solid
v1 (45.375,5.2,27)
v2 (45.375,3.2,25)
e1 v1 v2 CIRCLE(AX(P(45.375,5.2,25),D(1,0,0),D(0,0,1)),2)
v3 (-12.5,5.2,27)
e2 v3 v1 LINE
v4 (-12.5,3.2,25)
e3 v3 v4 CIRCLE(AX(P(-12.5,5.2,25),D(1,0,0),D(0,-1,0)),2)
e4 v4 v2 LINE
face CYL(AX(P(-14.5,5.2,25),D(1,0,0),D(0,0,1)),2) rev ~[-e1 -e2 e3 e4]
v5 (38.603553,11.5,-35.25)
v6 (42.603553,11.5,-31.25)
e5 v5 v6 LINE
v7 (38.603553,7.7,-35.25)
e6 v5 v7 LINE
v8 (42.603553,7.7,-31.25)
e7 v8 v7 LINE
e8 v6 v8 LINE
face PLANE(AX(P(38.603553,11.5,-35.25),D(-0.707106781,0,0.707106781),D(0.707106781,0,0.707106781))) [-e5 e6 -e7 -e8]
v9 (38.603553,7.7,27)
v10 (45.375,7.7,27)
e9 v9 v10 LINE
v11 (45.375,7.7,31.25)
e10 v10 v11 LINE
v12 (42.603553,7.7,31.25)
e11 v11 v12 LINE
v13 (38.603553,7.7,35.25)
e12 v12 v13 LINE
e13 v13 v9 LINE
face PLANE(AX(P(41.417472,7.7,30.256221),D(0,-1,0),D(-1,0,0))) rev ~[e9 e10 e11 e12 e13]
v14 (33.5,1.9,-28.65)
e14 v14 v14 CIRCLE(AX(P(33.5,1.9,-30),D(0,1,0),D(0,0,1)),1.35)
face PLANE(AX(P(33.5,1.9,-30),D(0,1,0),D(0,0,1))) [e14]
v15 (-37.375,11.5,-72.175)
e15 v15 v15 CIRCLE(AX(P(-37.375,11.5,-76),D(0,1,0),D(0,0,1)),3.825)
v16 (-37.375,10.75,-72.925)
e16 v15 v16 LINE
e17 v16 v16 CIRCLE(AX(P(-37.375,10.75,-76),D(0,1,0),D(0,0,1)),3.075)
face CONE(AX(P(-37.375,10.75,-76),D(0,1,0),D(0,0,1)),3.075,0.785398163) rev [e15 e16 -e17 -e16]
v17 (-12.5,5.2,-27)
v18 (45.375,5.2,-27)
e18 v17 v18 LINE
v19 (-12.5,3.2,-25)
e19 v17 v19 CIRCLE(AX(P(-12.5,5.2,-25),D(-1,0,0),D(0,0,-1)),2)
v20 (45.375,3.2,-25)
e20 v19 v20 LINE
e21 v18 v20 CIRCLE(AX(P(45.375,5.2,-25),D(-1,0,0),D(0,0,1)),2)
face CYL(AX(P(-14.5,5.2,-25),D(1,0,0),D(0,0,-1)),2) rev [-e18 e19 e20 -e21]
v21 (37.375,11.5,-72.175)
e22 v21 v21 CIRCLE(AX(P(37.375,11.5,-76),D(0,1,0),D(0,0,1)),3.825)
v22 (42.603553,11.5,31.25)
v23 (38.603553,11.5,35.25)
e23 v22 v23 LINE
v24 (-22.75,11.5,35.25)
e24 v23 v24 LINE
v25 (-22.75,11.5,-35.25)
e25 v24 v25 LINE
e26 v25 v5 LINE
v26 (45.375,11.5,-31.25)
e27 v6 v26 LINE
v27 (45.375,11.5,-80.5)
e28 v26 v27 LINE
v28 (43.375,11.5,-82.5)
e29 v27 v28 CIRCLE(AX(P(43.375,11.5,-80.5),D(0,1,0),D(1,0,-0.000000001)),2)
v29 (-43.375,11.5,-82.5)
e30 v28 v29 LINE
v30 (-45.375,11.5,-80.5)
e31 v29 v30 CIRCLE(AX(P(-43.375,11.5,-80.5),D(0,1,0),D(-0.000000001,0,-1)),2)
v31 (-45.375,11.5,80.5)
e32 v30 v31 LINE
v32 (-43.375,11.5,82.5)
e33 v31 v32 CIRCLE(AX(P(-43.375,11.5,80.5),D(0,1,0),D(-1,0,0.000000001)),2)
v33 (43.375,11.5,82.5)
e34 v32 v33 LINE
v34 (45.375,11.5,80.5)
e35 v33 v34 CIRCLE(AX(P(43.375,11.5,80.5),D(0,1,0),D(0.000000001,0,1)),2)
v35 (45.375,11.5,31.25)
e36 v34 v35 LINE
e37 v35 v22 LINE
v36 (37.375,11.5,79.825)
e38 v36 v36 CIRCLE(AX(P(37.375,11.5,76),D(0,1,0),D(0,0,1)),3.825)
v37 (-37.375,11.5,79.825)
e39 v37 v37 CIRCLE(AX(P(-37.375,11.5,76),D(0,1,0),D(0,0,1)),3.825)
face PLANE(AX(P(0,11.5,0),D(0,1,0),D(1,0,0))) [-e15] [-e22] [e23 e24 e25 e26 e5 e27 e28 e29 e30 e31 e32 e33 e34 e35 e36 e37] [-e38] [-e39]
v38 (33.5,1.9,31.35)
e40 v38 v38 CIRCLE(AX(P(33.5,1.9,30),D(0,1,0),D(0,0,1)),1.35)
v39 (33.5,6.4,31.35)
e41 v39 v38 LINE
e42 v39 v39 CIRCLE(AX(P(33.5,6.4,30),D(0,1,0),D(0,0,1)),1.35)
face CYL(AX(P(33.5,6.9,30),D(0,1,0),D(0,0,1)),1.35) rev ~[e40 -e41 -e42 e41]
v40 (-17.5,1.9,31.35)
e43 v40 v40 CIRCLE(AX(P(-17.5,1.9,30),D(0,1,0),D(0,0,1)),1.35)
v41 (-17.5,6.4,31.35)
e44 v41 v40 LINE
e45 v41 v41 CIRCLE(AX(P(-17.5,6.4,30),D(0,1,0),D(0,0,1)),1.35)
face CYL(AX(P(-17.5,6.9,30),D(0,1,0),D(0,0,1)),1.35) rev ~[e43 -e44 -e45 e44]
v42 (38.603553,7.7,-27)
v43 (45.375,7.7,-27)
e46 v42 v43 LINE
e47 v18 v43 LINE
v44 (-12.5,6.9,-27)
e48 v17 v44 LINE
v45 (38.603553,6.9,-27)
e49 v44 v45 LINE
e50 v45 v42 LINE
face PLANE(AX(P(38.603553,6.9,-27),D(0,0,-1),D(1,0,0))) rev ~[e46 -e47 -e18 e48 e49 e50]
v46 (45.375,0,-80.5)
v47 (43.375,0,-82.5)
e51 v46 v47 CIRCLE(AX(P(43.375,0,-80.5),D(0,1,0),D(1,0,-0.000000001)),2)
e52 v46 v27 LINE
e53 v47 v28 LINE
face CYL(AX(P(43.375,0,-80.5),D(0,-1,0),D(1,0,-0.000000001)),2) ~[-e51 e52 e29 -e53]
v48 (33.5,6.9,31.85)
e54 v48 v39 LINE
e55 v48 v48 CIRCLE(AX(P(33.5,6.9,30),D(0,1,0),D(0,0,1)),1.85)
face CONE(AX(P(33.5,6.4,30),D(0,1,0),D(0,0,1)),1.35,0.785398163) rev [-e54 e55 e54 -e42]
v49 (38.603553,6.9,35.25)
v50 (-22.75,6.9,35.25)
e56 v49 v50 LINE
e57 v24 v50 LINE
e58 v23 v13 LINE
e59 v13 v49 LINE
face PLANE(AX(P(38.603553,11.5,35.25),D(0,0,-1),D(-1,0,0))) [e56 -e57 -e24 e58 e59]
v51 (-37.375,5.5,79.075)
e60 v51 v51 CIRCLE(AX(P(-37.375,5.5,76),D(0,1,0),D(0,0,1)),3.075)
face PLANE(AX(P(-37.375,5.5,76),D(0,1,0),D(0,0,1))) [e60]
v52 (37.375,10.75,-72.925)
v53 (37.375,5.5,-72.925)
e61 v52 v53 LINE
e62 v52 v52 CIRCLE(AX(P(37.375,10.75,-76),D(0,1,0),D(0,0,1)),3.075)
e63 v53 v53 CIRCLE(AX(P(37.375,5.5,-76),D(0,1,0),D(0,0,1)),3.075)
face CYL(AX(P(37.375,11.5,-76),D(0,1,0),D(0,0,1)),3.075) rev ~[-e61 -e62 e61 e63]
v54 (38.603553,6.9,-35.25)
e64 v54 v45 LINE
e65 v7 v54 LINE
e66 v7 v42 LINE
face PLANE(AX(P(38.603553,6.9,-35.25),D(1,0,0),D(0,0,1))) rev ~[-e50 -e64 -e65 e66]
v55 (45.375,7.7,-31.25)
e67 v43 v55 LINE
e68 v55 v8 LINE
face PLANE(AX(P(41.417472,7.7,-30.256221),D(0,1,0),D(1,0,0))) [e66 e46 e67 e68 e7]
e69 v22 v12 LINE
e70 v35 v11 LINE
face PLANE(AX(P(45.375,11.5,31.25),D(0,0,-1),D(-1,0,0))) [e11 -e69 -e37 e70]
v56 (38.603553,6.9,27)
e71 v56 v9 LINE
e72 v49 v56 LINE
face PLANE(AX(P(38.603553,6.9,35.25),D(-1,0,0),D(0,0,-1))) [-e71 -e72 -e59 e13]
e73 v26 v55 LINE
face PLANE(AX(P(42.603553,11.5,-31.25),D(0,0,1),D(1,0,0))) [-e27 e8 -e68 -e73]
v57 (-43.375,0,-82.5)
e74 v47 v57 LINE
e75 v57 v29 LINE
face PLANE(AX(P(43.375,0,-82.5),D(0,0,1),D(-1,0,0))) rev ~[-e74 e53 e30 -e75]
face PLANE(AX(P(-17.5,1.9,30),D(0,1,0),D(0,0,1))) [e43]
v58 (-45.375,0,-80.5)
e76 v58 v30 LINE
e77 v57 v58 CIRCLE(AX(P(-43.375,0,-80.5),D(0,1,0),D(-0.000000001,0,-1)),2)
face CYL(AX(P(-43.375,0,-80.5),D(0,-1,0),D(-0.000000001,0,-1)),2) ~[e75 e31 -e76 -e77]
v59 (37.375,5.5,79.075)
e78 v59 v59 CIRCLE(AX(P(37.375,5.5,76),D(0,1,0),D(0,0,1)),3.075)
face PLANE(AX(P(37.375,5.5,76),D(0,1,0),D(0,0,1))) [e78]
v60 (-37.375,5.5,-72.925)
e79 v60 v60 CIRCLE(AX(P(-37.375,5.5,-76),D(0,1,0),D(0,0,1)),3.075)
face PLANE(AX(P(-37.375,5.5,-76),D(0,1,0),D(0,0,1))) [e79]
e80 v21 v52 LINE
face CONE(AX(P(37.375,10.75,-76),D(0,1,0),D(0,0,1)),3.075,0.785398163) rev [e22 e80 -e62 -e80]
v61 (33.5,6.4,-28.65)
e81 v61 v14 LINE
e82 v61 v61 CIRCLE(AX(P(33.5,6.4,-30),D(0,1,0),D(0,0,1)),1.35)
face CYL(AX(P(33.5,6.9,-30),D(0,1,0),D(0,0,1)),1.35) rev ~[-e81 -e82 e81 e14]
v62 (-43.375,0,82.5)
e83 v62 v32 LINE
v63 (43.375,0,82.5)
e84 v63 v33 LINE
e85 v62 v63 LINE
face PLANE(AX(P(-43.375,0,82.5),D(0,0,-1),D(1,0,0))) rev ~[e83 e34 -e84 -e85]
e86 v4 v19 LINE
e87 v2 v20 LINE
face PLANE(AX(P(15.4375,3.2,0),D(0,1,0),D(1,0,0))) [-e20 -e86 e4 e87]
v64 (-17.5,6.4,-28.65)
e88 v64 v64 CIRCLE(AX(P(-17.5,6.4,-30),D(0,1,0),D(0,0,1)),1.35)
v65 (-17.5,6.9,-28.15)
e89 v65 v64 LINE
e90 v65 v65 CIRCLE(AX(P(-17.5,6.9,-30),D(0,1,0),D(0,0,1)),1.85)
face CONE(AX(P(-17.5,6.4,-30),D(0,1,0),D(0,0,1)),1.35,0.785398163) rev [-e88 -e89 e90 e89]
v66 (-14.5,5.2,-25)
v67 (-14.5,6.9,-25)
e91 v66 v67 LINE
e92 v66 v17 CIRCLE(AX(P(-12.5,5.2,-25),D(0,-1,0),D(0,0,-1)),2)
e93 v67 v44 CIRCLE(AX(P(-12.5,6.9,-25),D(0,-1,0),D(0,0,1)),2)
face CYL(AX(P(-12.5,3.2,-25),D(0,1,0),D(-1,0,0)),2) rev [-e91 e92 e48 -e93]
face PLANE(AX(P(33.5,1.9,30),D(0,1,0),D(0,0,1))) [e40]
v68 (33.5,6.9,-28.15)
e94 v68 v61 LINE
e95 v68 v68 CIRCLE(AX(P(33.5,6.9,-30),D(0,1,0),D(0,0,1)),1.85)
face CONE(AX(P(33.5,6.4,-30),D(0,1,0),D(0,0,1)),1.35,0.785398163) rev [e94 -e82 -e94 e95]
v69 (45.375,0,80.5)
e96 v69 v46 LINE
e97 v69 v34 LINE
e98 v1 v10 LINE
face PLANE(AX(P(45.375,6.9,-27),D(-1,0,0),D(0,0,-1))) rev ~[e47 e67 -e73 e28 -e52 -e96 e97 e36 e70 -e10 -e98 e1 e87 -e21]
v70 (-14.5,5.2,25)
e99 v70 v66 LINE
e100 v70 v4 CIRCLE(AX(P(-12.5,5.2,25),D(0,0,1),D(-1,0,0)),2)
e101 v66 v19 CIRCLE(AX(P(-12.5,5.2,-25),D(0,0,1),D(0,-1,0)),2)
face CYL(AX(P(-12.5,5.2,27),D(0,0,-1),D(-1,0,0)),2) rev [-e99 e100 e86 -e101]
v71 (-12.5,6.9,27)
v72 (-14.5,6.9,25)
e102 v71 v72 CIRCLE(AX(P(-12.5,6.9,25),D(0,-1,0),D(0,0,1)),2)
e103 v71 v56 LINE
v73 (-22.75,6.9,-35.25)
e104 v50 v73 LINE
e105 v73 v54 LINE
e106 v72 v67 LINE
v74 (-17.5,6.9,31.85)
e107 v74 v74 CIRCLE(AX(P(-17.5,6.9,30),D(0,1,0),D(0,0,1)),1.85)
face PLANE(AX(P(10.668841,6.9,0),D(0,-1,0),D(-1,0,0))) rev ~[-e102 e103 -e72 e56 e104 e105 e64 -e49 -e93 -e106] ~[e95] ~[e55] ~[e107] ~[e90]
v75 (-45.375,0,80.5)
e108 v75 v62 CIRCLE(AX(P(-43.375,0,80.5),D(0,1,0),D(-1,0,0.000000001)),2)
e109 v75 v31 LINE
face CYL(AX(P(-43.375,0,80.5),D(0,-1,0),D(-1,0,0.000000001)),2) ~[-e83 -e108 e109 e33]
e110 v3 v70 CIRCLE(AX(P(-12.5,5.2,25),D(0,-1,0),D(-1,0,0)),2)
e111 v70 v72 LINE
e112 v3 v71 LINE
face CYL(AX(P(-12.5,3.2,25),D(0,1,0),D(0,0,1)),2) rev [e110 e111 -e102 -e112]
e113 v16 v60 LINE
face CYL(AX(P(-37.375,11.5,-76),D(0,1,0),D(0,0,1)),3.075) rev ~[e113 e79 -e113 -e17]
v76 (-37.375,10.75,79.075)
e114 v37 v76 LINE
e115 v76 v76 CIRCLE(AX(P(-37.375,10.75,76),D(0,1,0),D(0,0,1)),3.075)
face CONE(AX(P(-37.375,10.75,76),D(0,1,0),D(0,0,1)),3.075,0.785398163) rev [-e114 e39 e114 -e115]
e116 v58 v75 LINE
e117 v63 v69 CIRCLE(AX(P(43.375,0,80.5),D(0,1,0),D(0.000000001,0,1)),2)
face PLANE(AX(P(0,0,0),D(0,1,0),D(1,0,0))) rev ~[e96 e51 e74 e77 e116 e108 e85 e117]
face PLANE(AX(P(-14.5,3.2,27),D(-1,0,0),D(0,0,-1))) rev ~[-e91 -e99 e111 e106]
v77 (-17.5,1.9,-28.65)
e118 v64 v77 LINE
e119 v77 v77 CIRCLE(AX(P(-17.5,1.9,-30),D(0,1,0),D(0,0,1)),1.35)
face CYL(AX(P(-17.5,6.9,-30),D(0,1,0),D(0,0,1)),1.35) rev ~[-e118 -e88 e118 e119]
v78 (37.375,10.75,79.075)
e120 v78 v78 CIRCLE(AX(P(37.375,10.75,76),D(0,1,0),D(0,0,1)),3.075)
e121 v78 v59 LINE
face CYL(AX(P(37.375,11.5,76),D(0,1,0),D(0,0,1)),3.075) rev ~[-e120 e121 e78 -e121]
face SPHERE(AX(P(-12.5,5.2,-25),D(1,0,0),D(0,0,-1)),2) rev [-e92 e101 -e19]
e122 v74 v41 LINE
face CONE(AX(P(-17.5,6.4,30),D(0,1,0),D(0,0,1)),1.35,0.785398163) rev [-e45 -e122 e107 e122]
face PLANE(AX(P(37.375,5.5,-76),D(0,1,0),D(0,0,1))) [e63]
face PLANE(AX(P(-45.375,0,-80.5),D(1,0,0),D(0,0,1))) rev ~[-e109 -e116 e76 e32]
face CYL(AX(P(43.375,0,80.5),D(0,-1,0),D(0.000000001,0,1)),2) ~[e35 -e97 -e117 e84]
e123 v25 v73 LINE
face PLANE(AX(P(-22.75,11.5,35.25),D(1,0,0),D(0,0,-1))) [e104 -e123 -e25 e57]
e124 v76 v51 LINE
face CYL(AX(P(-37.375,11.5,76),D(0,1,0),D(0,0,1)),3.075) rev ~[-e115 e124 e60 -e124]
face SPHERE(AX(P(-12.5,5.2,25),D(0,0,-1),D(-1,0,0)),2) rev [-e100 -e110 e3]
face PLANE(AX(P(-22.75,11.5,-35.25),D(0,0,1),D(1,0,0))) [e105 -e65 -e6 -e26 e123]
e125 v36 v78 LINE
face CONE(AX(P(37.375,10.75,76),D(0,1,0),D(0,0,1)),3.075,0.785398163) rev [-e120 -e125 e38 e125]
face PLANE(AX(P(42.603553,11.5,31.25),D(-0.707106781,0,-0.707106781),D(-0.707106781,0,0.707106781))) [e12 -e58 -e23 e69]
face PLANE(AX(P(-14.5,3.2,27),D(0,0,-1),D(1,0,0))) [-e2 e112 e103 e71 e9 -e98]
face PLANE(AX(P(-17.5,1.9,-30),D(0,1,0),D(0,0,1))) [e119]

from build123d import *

# Parameters (mm, degrees)
BOSS_EXTRUDE1_DEPTH     = 11.5
SKETCH4_R               = 3.075
CUT_EXTRUDE1_DEPTH      = 6
CUT_EXTRUDE6_DEPTH      = 4.6
CUT_EXTRUDE3_DEPTH      = 95.407365311
CUT_EXTRUDE3_DEPTH_BACK = 3.7
SKETCH24_W              = 59.875
SKETCH24_H              = 54
SKETCH25_R              = 1.35
CUT_EXTRUDE4_DEPTH      = 5
CHAMFER4_SIZE           = 0.5
FILLET1_R               = 2
BOSS_EXTRUDE2_DEPTH     = 0.8
CHAMFER5_SIZE           = 0.75


with BuildPart() as part:
    # Sketch1 → Boss-Extrude1 (new body)
    with BuildSketch(Plane(origin=(0, 0, 0), x_dir=(1, 0, 0), z_dir=(0, 1, 0))):
        with BuildLine():
            Line((-45.375, 67.5), (-45.375, -67.5))
            Line((-45.375, -67.5), (-45.375, -80.5))
            ThreePointArc((-45.375, -80.5), (-44.789213562, -81.914213562), (-43.375, -82.5))
            Line((-43.375, -82.5), (43.375, -82.5))
            ThreePointArc((43.375, -82.5), (44.789213562, -81.914213562), (45.375, -80.5))
            Line((45.375, -80.5), (45.375, -67.5))
            Line((45.375, -67.5), (45.375, 67.5))
            Line((45.375, 67.5), (45.375, 80.5))
            ThreePointArc((45.375, 80.5), (44.789213562, 81.914213562), (43.375, 82.5))
            Line((43.375, 82.5), (-43.375, 82.5))
            ThreePointArc((-43.375, 82.5), (-44.789213562, 81.914213562), (-45.375, 80.5))
            Line((-45.375, 80.5), (-45.375, 67.5))
        make_face()
    extrude(amount=BOSS_EXTRUDE1_DEPTH)

    # Sketch4 → Cut-Extrude1 (cut)
    with BuildSketch(Plane(origin=(0, 11.5, 0), x_dir=(1, 0, 0), z_dir=(0, 1, 0))):
        with Locations(Location((-37.375, -76, 0), (0, 0, 270))):
            Circle(SKETCH4_R)
        with Locations(Location((37.375, -76, 0), (0, 0, 270))):
            Circle(SKETCH4_R)
        with Locations(Location((37.375, 76, 0), (0, 0, 270))):
            Circle(SKETCH4_R)
        with Locations(Location((-37.375, 76, 0), (0, 0, 270))):
            Circle(SKETCH4_R)
    extrude(amount=-CUT_EXTRUDE1_DEPTH, mode=Mode.SUBTRACT)

    # Sketch21 → Cut-Extrude6 (cut)
    with BuildSketch(Plane(origin=(0, 11.5, 0), x_dir=(1, 0, 0), z_dir=(0, 1, 0))):
        Polygon((45.375, 31), (45.375, -31), (45.375, -31.25), (42.603553391, -31.25), (38.603553391, -35.25), (-22.75, -35.25), (-22.75, 35.25), (38.603553391, 35.25), (42.603553391, 31.25), (45.375, 31.25), align=None)
    extrude(amount=-CUT_EXTRUDE6_DEPTH, mode=Mode.SUBTRACT)

    # Sketch24 → Cut-Extrude3 (cut, two sides: drawn at the far end of the back side and taken through both)
    with BuildSketch(Plane(origin=(0, 6.9, 0), x_dir=(1, 0, 0), z_dir=(0, 1, 0)).offset(-CUT_EXTRUDE3_DEPTH_BACK)):
        with Locations((15.4375, 0)):
            Rectangle(SKETCH24_W, SKETCH24_H)
    extrude(amount=CUT_EXTRUDE3_DEPTH + CUT_EXTRUDE3_DEPTH_BACK, mode=Mode.SUBTRACT)

    # Sketch25 → Cut-Extrude4 (cut)
    with BuildSketch(Plane(origin=(0, 6.9, 0), x_dir=(1, 0, 0), z_dir=(0, 1, 0))):
        with Locations(Location((33.5, 30, 0), (0, 0, 270))):
            Circle(SKETCH25_R)
        with Locations(Location((-17.5, 30, 0), (0, 0, 270))):
            Circle(SKETCH25_R)
        with Locations(Location((33.5, -30, 0), (0, 0, 270))):
            Circle(SKETCH25_R)
        with Locations(Location((-17.5, -30, 0), (0, 0, 270))):
            Circle(SKETCH25_R)
    extrude(amount=-CUT_EXTRUDE4_DEPTH, mode=Mode.SUBTRACT)

    # Chamfer4
    chamfer4_edges = [part.edges().sort_by_distance(p)[0] for p in [
        (-17.5, 6.9, -31.35),
        (33.5, 6.9, 28.65),
        (-17.5, 6.9, 28.65),
        (33.5, 6.9, -31.35),
    ]]
    chamfer(chamfer4_edges, length=CHAMFER4_SIZE)

    # Fillet1
    fillet1_edges = [part.edges().sort_by_distance(p)[0] for p in [
        (15.4375, 3.2, -27),
        (-14.5, 5.05, -27),
        (-14.5, 3.2, 0),
        (-14.5, 5.05, 27),
        (15.4375, 3.2, 27),
    ]]
    fillet(fillet1_edges, radius=FILLET1_R)

    # Sketch26 → Boss-Extrude2 (add)
    with BuildSketch(Plane(origin=(0, 6.9, 0), x_dir=(1, 0, 0), z_dir=(0, 1, 0))):
        Polygon((38.603553391, 35.25), (38.603553391, 27), (45.375, 27), (45.375, 31.25), (42.603553391, 31.25), align=None)
        Polygon((42.603553391, -31.25), (38.603553391, -35.25), (38.603553391, -27), (45.375, -27), (45.375, -31.25), align=None)
    extrude(amount=BOSS_EXTRUDE2_DEPTH)

    # Chamfer5
    chamfer5_edges = [part.edges().sort_by_distance(p)[0] for p in [
        (-37.375, 11.5, -79.075),
        (37.375, 11.5, -79.075),
        (37.375, 11.5, 72.925),
        (-37.375, 11.5, 72.925),
    ]]
    chamfer(chamfer5_edges, length=CHAMFER5_SIZE)


solid = part.part
